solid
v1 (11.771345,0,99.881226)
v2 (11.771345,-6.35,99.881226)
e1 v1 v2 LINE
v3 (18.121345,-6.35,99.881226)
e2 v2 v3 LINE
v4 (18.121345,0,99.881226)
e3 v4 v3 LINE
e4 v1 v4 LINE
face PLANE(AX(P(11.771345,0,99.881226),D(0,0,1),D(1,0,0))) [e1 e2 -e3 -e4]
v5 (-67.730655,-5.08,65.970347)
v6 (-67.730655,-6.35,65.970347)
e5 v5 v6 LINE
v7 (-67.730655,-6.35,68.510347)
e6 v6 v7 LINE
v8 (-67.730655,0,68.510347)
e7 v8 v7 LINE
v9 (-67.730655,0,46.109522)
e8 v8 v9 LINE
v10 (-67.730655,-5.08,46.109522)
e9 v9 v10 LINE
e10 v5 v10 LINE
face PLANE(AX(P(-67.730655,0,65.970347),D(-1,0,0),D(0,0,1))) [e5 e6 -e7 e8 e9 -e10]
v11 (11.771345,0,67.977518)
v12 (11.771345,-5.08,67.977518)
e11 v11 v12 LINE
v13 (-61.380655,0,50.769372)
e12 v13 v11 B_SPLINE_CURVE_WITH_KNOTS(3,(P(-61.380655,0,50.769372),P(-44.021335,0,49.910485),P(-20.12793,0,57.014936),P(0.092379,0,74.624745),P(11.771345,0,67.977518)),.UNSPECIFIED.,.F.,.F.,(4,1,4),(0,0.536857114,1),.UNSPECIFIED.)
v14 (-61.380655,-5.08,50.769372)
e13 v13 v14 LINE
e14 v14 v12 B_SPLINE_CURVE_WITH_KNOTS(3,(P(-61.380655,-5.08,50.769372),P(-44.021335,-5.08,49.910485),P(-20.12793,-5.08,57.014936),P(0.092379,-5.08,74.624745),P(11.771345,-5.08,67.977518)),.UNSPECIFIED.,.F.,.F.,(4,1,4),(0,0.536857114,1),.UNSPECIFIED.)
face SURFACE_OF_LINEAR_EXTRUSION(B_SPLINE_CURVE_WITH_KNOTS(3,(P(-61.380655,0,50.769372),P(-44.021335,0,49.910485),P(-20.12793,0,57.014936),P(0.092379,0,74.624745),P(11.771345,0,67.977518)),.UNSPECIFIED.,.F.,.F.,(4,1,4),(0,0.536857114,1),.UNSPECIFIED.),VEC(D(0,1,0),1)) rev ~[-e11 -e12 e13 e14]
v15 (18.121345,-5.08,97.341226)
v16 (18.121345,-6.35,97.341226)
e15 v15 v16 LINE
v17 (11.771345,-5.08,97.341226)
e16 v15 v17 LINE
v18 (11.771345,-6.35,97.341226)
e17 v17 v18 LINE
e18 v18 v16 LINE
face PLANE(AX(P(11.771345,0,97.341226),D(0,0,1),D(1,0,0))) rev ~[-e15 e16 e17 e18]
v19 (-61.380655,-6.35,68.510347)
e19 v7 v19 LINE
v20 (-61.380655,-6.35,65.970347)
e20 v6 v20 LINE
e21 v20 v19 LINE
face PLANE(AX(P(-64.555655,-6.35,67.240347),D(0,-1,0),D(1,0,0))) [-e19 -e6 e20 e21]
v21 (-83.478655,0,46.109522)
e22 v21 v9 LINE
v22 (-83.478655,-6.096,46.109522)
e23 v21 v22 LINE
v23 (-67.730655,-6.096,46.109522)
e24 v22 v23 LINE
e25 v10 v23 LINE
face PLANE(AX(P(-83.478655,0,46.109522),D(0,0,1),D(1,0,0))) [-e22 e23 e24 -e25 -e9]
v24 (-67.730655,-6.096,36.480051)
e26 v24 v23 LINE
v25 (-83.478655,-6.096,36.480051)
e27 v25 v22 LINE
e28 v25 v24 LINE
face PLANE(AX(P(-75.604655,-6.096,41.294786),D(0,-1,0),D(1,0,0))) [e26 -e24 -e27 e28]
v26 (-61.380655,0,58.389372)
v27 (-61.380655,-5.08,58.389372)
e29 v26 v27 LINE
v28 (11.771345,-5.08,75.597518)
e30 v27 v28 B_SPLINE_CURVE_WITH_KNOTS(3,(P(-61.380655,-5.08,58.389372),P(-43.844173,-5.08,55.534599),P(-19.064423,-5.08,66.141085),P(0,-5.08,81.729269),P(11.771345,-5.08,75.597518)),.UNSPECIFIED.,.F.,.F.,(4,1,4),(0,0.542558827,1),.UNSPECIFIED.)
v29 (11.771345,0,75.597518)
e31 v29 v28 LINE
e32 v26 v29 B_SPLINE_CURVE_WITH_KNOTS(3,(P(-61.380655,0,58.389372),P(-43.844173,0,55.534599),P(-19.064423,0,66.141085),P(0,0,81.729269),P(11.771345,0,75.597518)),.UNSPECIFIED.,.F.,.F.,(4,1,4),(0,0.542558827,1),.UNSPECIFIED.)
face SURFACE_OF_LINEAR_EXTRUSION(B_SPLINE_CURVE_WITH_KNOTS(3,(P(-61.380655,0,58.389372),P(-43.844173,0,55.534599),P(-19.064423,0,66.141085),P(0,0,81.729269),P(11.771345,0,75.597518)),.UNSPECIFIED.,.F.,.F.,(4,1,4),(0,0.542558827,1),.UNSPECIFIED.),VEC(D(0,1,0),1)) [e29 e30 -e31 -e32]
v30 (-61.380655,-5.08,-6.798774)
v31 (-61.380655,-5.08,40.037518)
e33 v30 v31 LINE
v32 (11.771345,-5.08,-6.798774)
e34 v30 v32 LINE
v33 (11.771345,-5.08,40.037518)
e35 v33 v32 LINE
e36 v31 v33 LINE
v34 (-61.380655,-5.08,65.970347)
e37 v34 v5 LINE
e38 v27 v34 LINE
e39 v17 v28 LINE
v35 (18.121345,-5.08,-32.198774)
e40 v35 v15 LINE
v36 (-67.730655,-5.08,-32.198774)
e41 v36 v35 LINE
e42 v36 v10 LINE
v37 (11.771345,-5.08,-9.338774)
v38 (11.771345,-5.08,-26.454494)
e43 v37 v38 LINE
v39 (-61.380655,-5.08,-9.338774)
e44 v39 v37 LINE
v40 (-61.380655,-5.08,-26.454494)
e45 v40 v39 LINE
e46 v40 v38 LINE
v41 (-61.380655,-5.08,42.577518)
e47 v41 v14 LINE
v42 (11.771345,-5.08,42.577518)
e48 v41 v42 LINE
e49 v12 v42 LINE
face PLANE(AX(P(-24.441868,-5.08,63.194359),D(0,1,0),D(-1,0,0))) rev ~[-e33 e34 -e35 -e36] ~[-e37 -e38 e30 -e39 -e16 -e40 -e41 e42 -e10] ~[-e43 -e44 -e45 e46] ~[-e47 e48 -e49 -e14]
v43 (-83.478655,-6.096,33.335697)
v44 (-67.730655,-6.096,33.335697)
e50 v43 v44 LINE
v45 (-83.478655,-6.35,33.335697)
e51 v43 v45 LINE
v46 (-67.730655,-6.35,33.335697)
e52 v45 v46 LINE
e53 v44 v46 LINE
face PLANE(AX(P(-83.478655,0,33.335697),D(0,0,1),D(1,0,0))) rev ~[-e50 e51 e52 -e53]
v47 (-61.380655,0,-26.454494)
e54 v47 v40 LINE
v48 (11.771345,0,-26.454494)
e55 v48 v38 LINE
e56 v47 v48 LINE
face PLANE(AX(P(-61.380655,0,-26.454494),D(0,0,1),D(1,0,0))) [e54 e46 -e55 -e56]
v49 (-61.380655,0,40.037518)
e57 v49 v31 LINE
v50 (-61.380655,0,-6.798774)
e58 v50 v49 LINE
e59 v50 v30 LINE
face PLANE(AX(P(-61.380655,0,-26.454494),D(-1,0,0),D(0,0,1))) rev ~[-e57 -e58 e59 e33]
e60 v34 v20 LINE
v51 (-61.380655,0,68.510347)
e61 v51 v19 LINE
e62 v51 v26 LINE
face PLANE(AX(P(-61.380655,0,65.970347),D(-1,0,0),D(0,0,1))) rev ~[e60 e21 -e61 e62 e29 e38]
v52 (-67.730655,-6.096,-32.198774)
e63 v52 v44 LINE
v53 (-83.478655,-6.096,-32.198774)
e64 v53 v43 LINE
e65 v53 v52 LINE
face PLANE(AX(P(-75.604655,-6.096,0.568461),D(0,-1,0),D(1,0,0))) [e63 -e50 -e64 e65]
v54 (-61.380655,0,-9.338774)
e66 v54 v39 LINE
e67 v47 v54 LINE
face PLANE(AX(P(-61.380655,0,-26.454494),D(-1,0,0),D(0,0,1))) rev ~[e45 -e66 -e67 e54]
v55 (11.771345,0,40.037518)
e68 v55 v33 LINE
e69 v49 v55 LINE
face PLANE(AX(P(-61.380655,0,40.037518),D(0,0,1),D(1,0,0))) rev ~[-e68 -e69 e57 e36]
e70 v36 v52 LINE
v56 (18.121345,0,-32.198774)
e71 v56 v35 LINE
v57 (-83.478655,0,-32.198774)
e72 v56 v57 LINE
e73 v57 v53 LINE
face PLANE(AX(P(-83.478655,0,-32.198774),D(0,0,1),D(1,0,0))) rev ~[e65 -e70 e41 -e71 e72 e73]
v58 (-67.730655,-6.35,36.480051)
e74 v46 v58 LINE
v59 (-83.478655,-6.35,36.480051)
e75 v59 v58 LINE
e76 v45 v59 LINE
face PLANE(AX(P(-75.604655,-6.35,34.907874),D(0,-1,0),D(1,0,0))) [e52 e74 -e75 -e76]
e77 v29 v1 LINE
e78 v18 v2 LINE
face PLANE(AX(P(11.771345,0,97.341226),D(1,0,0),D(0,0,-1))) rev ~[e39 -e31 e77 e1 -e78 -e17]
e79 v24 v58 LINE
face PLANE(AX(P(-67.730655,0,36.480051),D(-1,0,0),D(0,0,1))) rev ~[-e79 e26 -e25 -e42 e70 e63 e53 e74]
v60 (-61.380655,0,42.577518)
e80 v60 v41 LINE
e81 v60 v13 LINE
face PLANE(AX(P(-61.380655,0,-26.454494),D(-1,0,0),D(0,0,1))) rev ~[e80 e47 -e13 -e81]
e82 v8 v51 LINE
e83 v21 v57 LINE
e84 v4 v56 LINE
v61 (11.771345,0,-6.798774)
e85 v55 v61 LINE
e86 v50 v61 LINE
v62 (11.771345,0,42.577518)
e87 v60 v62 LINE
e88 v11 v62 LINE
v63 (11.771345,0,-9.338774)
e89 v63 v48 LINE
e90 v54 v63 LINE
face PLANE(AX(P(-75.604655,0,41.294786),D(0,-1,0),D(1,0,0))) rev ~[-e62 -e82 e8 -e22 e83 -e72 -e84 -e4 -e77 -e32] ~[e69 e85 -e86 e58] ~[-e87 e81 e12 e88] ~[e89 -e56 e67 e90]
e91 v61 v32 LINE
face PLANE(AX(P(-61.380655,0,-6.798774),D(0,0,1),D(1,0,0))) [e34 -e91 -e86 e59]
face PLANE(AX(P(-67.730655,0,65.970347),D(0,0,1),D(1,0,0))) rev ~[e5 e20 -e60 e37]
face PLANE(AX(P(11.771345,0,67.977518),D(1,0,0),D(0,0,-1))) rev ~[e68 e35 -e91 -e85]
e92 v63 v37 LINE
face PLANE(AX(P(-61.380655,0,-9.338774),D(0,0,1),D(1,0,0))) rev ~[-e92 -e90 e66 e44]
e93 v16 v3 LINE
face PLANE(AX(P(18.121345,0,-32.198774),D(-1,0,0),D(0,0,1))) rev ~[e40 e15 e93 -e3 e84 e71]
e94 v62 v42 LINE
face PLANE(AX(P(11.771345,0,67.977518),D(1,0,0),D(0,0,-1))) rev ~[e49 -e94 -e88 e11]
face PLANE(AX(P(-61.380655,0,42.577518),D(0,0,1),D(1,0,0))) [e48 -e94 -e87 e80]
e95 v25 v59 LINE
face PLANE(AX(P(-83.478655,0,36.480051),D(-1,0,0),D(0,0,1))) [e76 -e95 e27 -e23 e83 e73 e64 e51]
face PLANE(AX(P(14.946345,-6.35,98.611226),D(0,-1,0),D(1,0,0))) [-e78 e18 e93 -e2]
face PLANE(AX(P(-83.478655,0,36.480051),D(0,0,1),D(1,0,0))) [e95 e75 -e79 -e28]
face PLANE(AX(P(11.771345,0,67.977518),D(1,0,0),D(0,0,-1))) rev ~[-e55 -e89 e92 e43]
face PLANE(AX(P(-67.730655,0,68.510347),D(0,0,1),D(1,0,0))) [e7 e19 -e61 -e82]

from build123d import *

# Parameters (mm, degrees)
F0_W     = 73.152
F0_H     = 5.744279672
F1_DEPTH = 5.08
F0_W_2   = 6.35
F0_H_2   = 2.54
F0_W_3   = 15.748
F0_H_3   = 3.1443536282
F2_DEPTH = 6.35
F0_H_4   = 9.6294713412
F0_H_5   = 65.5344708799
F3_DEPTH = 6.096
F4_DEPTH = 5.08
F5_DEPTH = 5.08


with BuildPart() as f1:
    # F0 (on Front) → F1 (new body)
    with BuildSketch(Plane.XZ):
        with BuildLine():
            add(Edge.make_bspline(
                [(-61.3806553816, 58.3893715901), (-43.8441733015, 55.5345989136), (-19.0644229117, 66.1410851266), (0, 81.7292685512), (11.7713446184, 75.597518316)],
                knots=[0, 0, 0, 0, 0.5425588266, 1, 1, 1, 1], degree=3))
            Line((-61.3806553816, 58.3893715901), (-61.3806553816, 50.7693715901))
            add(Edge.make_bspline(
                [(-61.3806553816, 50.7693715901), (-44.0213347189, 49.9104853444), (-20.1279301639, 57.0149364757), (0.0923789407, 74.6247452568), (11.7713446184, 67.977518316)],
                knots=[0, 0, 0, 0, 0.5368571136, 1, 1, 1, 1], degree=3))
            Line((11.7713446184, 67.977518316), (11.7713446184, 75.597518316))
        make_face()
        Polygon((-67.7306553816, 65.9703469514), (-67.7306553816, 46.1095218752), (-67.7306553816, 36.480050534), (-67.7306553816, 33.3356969059), (-67.7306553816, -32.198773974), (-61.3806553816, -32.198773974), (-61.3806553816, -26.454494302), (-61.3806553816, -9.338773974), (-61.3806553816, -6.798773974), (-61.3806553816, -1.905), (-61.3806553816, -0.9525), (-61.3806553816, 0), (-61.3806553816, 10.16), (-61.3806553816, 11.1125), (-61.3806553816, 12.065), (-61.3806553816, 40.037518316), (-61.3806553816, 42.577518316), (-61.3806553816, 43.1493715901), (-61.3806553816, 50.7693715901), (-61.3806553816, 58.3893715901), (-61.3806553816, 65.9703469514), align=None)
        with Locations((-24.8046553816, -29.326634138)):
            Rectangle(F0_W, F0_H)
        Polygon((11.7713446184, 97.341226026), (11.7713446184, 75.597518316), (11.7713446184, 67.977518316), (11.7713446184, 46.1095218752), (11.7713446184, 42.577518316), (11.7713446184, 40.037518316), (11.7713446184, 12.065), (11.7713446184, 11.1125), (11.7713446184, 10.16), (11.7713446184, 0), (11.7713446184, -0.9525), (11.7713446184, -1.905), (11.7713446184, -6.798773974), (11.7713446184, -9.338773974), (11.7713446184, -26.454494302), (11.7713446184, -32.198773974), (18.1213446184, -32.198773974), (18.1213446184, 97.341226026), align=None)
    extrude(amount=F1_DEPTH)

    # F0 (on Front) → F2 (join)
    with BuildSketch(Plane.XZ):
        with Locations((-64.5556553816, 67.2403469514)):
            Rectangle(F0_W_2, F0_H_2)
        with Locations((14.9463446184, 98.611226026)):
            Rectangle(F0_W_2, F0_H_2)
        with Locations((-75.6046553816, 34.9078737199)):
            Rectangle(F0_W_3, F0_H_3)
    extrude(amount=F2_DEPTH)

    # F0 (on Front) → F3 (join)
    with BuildSketch(Plane.XZ):
        with Locations((-75.6046553816, 41.2947862046)):
            Rectangle(F0_W_3, F0_H_4)
        with Locations((-75.6046553816, 0.5684614659)):
            Rectangle(F0_W_3, F0_H_5)
    extrude(amount=F3_DEPTH)

    # F0 (on Front) → F4 (join)
    with BuildSketch(Plane.XZ):
        with Locations((-24.8046553816, 41.307518316)):
            Rectangle(F0_W, F0_H_2)
    extrude(amount=F4_DEPTH)

    # F0 (on Front) → F5 (join)
    with BuildSketch(Plane.XZ):
        with Locations((-24.8046553816, -8.068773974)):
            Rectangle(F0_W, F0_H_2)
    extrude(amount=F5_DEPTH)


solid = f1.part
